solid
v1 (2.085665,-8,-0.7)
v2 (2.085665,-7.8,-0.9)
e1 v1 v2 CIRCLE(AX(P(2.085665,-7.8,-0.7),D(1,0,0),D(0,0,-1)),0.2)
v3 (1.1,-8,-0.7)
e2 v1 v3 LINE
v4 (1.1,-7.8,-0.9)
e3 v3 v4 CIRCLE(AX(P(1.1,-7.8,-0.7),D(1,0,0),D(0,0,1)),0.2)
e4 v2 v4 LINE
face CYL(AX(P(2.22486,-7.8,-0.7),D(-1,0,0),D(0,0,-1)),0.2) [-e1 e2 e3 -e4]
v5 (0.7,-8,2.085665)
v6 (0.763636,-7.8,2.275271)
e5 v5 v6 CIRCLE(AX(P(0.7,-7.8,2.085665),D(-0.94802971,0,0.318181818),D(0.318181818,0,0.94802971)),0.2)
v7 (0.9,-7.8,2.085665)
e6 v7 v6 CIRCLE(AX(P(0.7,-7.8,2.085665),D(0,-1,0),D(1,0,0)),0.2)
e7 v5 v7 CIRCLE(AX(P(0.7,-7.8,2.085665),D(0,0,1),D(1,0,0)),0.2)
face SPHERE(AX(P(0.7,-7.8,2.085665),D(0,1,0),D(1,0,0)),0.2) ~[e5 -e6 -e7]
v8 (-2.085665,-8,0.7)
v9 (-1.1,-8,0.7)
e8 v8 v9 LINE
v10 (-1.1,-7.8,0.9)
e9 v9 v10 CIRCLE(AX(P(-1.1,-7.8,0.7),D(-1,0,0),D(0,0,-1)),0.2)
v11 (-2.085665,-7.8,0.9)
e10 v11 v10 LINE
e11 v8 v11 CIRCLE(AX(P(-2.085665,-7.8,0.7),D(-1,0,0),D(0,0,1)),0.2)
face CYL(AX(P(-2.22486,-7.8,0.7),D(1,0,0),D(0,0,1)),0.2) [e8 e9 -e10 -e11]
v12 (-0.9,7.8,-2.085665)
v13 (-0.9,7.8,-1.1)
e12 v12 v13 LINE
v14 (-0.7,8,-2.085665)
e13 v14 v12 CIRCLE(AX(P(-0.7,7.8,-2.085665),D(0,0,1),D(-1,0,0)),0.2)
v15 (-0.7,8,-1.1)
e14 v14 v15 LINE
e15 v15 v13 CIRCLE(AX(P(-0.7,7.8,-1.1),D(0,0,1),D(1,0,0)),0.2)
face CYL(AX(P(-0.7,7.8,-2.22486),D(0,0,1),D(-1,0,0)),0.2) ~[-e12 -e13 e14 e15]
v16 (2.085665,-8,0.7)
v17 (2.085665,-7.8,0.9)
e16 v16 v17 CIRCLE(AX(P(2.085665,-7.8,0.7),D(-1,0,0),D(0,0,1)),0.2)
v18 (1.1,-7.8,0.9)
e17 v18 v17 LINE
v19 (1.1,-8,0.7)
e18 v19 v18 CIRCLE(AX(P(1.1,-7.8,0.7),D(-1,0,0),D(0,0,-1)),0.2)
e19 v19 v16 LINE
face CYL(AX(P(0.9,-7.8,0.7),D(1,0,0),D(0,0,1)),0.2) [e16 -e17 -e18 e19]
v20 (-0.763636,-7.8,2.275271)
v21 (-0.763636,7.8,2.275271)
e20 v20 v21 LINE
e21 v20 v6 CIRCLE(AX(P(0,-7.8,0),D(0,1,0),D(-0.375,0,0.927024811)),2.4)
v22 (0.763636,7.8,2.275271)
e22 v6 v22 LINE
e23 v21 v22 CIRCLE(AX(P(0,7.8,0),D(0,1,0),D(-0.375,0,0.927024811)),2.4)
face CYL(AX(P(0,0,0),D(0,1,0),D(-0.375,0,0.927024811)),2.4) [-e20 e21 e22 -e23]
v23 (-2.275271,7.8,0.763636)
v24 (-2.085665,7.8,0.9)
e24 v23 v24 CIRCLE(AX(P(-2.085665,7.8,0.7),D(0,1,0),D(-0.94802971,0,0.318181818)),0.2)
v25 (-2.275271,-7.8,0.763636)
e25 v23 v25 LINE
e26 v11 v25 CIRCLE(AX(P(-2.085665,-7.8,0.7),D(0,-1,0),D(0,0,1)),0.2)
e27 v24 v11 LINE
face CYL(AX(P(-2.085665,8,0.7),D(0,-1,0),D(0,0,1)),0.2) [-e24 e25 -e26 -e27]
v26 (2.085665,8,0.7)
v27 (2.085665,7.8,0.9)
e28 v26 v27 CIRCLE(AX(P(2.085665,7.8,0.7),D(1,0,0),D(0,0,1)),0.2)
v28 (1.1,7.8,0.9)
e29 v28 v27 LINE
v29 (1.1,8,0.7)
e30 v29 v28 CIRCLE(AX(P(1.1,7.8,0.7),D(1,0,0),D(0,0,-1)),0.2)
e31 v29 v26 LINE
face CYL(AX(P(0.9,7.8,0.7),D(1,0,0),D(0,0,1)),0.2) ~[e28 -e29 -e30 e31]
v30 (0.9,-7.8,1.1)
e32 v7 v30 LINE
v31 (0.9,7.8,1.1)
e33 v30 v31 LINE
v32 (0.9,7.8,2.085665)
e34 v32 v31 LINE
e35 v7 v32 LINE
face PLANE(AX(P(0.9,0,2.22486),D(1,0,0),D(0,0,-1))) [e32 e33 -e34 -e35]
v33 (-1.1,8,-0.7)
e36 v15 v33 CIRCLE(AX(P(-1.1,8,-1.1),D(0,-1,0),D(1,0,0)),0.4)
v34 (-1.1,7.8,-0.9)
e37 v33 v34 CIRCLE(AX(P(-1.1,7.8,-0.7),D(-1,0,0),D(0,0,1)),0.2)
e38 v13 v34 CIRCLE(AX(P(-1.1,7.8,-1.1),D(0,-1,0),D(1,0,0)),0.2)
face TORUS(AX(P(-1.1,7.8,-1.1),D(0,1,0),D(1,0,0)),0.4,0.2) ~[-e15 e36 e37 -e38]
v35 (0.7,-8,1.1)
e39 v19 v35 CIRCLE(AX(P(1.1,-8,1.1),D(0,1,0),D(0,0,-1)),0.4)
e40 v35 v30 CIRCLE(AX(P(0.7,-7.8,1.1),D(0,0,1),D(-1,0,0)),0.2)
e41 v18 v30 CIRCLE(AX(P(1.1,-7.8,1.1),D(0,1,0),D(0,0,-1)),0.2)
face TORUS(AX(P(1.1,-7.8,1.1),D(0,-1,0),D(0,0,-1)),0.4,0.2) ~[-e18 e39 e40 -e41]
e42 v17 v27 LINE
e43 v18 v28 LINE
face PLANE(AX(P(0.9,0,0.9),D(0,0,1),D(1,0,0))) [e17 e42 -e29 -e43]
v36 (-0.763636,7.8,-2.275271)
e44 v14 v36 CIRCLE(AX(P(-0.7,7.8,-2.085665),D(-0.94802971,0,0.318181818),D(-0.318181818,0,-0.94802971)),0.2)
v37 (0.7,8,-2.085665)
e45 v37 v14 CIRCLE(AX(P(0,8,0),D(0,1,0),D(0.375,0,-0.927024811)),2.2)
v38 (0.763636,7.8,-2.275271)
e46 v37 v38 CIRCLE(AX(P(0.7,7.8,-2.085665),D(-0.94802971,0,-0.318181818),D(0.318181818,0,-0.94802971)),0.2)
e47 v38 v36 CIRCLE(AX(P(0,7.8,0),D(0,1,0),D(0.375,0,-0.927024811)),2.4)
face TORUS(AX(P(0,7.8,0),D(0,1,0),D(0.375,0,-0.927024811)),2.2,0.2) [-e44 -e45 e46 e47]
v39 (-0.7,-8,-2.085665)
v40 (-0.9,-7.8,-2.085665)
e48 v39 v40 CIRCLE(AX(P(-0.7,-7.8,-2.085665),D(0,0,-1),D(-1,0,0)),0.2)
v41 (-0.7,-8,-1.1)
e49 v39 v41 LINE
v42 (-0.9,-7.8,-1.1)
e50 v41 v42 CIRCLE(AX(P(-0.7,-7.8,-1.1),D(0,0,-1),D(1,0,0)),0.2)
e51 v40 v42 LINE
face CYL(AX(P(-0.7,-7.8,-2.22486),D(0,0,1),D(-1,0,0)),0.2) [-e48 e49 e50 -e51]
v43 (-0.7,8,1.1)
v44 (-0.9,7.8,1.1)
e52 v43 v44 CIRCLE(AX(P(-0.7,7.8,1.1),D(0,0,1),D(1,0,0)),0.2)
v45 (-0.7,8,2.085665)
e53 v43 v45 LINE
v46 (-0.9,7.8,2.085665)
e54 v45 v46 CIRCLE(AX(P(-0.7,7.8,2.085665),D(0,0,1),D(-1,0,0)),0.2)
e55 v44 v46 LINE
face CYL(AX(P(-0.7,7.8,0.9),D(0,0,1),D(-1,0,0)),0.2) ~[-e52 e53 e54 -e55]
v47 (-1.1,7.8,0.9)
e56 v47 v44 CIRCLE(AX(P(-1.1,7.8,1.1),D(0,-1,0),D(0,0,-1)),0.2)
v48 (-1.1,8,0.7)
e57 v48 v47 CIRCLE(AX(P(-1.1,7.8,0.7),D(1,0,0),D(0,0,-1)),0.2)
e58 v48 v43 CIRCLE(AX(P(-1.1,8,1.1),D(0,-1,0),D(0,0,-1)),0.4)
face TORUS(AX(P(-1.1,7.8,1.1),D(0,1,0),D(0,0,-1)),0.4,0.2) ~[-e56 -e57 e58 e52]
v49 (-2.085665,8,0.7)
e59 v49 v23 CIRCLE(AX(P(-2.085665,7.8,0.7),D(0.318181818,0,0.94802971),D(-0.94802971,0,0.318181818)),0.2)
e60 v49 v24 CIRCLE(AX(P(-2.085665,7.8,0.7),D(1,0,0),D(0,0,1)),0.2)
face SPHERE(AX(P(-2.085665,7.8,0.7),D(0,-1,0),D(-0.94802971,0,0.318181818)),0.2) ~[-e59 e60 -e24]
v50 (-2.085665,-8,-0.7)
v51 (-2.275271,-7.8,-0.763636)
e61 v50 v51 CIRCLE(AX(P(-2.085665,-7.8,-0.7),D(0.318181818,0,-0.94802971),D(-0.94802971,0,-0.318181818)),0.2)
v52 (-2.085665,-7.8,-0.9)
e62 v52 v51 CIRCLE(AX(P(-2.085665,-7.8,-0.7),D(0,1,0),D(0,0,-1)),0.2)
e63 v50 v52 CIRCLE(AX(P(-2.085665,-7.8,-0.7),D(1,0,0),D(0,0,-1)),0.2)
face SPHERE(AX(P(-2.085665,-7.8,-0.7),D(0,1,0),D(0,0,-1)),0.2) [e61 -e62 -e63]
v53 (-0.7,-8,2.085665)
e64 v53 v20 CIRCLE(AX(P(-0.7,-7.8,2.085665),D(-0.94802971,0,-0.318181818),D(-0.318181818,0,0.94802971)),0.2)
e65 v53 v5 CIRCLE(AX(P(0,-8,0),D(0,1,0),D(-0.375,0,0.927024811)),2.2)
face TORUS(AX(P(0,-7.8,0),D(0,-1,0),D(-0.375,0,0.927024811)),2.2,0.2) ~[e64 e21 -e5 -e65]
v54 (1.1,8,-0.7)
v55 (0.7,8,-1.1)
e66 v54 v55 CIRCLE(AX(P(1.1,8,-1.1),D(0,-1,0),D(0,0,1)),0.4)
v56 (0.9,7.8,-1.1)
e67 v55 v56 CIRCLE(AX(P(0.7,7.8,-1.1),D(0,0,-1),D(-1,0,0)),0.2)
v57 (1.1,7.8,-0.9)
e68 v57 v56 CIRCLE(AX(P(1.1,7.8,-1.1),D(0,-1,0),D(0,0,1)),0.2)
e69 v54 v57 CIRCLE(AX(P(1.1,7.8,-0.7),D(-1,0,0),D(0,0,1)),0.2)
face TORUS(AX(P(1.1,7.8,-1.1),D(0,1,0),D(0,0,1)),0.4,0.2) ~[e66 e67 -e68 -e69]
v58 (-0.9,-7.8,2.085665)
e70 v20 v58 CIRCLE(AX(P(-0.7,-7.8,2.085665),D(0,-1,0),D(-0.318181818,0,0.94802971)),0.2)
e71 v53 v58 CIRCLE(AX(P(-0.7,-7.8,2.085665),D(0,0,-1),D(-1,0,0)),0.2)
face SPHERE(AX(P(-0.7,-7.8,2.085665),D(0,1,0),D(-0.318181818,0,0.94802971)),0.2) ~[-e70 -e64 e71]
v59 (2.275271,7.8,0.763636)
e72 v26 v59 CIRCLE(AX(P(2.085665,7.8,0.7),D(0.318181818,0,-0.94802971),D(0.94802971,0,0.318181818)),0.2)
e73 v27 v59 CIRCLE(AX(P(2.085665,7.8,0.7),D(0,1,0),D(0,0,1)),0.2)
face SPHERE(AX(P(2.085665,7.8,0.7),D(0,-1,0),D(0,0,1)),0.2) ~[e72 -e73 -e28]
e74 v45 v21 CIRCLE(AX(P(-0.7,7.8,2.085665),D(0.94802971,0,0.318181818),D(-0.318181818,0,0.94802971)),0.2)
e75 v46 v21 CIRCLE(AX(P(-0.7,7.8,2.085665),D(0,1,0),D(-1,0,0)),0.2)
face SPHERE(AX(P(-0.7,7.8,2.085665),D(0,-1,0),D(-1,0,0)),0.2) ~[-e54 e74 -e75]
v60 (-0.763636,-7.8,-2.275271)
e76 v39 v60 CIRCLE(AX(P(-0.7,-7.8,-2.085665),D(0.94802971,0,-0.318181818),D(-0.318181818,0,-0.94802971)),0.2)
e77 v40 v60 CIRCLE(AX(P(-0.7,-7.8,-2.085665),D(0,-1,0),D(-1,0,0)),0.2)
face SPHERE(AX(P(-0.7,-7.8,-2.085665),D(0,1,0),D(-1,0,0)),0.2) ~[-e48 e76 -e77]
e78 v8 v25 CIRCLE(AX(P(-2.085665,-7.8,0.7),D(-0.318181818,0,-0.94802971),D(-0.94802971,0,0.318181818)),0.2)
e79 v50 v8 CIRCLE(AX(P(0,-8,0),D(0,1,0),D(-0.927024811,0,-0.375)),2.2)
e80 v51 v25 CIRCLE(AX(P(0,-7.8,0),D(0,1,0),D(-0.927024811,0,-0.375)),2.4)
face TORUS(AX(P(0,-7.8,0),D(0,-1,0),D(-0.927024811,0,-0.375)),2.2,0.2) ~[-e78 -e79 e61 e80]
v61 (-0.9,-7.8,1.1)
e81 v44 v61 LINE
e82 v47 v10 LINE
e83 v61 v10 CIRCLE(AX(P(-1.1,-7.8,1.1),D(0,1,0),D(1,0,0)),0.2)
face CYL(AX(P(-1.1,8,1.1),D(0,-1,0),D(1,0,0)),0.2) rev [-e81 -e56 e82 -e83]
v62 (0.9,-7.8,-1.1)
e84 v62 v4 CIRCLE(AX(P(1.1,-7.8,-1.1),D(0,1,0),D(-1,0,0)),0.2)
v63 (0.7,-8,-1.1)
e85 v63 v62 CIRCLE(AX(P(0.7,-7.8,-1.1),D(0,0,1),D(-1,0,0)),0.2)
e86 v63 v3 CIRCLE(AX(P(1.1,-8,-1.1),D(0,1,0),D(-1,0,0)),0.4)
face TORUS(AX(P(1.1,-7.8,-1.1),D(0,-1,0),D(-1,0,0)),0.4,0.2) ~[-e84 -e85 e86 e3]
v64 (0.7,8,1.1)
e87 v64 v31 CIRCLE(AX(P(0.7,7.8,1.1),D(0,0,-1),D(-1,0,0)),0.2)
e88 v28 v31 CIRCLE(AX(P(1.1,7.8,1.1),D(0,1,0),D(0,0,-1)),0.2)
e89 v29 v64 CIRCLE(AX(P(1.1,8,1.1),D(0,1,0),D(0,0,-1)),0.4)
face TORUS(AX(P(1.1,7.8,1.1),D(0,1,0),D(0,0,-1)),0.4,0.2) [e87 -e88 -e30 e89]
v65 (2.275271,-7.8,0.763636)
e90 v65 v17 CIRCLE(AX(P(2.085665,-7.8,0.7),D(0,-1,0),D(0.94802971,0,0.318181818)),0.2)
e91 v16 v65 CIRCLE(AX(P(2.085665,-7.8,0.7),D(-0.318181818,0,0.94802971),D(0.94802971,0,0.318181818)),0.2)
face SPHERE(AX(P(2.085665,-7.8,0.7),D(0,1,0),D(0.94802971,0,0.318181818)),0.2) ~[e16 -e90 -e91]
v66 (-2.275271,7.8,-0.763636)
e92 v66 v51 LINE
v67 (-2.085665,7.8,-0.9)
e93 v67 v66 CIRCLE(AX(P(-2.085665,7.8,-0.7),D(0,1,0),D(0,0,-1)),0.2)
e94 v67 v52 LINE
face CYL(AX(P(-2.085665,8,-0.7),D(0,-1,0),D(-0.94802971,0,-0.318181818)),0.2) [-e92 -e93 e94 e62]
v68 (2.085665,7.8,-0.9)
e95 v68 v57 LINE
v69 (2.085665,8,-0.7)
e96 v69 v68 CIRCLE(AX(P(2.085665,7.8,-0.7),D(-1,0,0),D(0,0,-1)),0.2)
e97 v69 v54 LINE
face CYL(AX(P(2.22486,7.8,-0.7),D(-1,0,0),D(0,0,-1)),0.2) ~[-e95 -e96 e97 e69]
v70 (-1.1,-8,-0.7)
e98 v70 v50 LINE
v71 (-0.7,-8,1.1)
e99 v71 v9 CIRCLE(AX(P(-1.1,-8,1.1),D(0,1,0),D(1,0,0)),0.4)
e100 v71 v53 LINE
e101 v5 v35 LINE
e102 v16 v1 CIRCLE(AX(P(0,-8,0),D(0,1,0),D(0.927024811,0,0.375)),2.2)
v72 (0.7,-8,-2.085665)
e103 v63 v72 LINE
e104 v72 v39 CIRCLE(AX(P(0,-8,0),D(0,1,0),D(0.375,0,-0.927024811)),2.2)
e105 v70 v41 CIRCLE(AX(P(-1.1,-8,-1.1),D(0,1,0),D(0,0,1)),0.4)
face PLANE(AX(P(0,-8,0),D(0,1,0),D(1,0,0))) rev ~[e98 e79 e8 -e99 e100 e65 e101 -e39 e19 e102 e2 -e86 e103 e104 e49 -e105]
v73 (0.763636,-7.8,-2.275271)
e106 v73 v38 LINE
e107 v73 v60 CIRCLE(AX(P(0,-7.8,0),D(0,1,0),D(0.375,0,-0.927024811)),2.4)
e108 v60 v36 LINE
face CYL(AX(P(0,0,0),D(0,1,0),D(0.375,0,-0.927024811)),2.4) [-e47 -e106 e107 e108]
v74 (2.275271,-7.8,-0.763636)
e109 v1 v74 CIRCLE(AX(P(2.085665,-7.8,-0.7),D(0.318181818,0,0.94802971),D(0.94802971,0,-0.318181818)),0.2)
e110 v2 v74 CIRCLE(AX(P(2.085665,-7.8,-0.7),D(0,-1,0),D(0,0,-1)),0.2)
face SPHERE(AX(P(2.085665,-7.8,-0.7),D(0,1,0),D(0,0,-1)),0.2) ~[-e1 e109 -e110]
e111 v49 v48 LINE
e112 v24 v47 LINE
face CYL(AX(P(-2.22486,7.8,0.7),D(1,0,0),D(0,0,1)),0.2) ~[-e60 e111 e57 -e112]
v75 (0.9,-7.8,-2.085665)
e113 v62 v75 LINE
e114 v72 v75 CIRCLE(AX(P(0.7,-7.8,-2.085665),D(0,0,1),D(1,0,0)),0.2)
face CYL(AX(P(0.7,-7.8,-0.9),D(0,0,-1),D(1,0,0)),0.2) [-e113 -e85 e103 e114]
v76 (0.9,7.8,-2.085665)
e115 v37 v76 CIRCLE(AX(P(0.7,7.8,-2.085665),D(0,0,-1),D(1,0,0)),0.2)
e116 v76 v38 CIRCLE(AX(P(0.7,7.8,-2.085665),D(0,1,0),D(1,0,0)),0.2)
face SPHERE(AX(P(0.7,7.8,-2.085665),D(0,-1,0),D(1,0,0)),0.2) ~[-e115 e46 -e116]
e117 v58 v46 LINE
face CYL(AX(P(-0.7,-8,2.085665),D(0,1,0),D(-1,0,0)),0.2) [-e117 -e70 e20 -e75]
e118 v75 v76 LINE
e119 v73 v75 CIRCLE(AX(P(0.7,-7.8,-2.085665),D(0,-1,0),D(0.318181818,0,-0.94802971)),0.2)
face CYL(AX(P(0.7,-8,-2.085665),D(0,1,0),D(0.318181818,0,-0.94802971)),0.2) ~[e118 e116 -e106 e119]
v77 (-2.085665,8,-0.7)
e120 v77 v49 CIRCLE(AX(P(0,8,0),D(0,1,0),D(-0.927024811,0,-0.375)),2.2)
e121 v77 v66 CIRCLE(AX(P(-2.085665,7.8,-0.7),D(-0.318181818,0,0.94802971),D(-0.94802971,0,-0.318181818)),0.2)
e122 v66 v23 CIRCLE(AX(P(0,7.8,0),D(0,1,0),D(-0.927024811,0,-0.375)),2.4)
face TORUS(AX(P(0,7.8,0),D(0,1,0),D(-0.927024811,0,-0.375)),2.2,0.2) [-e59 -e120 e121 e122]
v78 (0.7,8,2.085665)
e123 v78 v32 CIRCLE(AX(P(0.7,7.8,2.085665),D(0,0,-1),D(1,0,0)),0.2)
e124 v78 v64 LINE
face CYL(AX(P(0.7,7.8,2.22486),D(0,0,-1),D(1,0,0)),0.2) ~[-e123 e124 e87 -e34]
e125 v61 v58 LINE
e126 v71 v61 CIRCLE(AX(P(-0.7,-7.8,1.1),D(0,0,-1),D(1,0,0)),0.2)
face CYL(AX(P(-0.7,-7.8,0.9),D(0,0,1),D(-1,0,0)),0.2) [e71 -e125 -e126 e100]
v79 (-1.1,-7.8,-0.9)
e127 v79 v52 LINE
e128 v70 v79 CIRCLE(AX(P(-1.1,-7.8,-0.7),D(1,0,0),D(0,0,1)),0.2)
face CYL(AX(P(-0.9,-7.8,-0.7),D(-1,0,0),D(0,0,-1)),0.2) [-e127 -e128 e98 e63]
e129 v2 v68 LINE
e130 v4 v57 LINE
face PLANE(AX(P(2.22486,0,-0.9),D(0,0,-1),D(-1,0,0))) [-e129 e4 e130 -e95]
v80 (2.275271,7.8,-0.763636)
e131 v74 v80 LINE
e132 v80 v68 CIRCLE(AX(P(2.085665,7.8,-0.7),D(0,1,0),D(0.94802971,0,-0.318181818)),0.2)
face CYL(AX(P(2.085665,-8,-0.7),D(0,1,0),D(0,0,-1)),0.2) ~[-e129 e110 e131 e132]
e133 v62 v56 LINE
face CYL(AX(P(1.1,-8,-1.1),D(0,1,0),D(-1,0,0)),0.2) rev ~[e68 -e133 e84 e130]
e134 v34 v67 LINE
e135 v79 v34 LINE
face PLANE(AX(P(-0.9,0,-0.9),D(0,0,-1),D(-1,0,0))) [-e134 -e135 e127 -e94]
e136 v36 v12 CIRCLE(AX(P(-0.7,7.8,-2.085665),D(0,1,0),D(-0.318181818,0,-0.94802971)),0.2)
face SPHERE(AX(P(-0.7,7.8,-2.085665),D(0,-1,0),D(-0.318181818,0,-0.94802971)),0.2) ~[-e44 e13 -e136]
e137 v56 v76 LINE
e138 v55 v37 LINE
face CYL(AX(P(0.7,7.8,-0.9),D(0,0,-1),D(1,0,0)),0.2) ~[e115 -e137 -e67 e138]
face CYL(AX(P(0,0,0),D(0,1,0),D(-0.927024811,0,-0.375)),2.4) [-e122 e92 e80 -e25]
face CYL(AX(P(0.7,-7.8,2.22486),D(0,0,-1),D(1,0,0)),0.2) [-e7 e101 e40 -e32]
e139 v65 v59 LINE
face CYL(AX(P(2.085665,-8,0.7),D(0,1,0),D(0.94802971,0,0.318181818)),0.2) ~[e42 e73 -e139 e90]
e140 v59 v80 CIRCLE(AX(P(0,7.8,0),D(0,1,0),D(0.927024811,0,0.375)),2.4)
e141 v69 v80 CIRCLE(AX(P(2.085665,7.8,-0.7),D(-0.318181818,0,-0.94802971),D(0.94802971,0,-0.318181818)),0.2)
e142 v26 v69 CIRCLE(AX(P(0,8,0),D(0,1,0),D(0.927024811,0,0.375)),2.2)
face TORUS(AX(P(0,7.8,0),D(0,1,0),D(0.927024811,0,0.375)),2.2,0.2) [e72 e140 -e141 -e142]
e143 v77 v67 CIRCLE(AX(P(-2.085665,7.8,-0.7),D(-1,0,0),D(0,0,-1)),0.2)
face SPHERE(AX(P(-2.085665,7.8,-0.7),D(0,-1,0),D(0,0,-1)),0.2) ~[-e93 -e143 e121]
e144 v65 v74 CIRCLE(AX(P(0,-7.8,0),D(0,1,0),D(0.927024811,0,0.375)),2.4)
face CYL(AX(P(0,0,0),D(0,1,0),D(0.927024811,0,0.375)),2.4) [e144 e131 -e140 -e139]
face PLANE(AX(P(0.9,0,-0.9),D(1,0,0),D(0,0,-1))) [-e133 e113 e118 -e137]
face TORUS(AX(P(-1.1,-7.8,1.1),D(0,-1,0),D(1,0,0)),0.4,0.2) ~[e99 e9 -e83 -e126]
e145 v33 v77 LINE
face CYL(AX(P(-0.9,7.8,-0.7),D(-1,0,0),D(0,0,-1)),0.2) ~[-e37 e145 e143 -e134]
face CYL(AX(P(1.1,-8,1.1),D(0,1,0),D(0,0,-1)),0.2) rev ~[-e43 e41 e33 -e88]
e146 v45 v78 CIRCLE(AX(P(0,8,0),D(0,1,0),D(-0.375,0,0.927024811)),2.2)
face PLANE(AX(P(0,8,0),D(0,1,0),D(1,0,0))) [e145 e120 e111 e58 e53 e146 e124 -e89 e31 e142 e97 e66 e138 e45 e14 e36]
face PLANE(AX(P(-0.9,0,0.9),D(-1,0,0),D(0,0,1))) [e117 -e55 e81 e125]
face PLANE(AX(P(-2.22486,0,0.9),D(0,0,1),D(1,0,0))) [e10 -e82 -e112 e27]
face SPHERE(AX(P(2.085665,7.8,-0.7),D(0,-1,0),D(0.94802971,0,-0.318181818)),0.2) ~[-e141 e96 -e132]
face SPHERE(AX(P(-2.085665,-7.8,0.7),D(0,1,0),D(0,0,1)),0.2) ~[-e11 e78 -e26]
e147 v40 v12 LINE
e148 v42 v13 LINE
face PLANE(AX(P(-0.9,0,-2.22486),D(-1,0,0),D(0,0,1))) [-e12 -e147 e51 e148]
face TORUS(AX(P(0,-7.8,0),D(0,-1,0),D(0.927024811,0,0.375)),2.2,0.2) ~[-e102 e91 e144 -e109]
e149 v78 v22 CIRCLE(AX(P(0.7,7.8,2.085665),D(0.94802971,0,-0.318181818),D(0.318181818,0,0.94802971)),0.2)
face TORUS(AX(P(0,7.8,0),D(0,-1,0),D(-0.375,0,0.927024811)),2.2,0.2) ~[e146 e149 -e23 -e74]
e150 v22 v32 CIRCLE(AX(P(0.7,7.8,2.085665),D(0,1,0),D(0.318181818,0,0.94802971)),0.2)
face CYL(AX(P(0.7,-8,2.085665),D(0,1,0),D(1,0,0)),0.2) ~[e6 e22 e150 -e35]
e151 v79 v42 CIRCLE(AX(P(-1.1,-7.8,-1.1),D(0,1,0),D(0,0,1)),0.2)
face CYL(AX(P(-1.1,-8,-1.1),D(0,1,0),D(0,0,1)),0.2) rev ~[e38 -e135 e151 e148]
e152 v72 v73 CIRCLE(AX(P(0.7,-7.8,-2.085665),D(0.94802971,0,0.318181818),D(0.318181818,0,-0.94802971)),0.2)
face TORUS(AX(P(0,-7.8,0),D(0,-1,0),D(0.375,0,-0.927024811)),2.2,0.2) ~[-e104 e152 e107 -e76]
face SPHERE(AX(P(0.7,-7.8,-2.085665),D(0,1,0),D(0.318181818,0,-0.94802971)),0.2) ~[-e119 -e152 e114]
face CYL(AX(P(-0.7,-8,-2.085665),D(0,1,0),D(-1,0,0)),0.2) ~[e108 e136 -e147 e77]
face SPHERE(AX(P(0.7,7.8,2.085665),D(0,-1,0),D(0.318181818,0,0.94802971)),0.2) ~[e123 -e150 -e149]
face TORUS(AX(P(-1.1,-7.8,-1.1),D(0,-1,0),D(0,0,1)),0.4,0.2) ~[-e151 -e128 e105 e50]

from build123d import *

# Parameters (mm, degrees)
BOSS_EXTRUDE1_DEPTH = 8
FILLET3_R           = 0.2


with BuildPart() as part:
    # Sketch1 → Boss-Extrude1 (new, symmetric)
    with BuildSketch(Plane(origin=(0, 0, 0), x_dir=(1, 0, 0), z_dir=(0, 1, 0))):
        with BuildLine():
            Line((-0.9, -0.9), (-0.9, -2.224859546))
            ThreePointArc((-0.9, -2.224859546), (0, -2.4), (0.9, -2.224859546))
            Line((0.9, -2.224859546), (0.9, -0.9))
            Line((0.9, -0.9), (2.224859546, -0.9))
            ThreePointArc((2.224859546, -0.9), (2.4, 0), (2.224859546, 0.9))
            Line((2.224859546, 0.9), (0.9, 0.9))
            Line((0.9, 0.9), (0.9, 2.224859546))
            ThreePointArc((0.9, 2.224859546), (0, 2.4), (-0.9, 2.224859546))
            Line((-0.9, 2.224859546), (-0.9, 0.9))
            Line((-0.9, 0.9), (-2.224859546, 0.9))
            ThreePointArc((-2.224859546, 0.9), (-2.4, 0), (-2.224859546, -0.9))
            Line((-2.224859546, -0.9), (-0.9, -0.9))
        make_face()
    extrude(amount=BOSS_EXTRUDE1_DEPTH, both=True)

    # Fillet3
    fillet3_edges = [part.edges().sort_by_distance(p)[0] for p in [
        (-1.562429773, -8, -0.9),
        (-0.9, -8, -1.562429773),
        (-0.9, 8, 1.562429773),
        (0, -8, -2.4),
        (0.9, -8, -1.562429773),
        (1.562429773, -8, -0.9),
        (2.4, -8, 0),
        (1.562429773, -8, 0.9),
        (0.9, -8, 1.562429773),
        (0, -8, 2.4),
        (-0.9, -8, 1.562429773),
        (-1.562429773, -8, 0.9),
        (-2.4, -8, 0),
        (0, 8, 2.4),
        (-2.224859546, 0, -0.9),
        (-0.9, 0, -0.9),
        (-0.9, 0, -2.224859546),
        (0.9, 8, 1.562429773),
        (0.9, 0, -2.224859546),
        (0.9, 0, -0.9),
        (2.224859546, 0, -0.9),
        (2.224859546, 0, 0.9),
        (0.9, 0, 0.9),
        (0.9, 0, 2.224859546),
        (-0.9, 0, 2.224859546),
        (-0.9, 0, 0.9),
        (-2.224859546, 0, 0.9),
        (1.562429773, 8, 0.9),
        (2.4, 8, 0),
        (1.562429773, 8, -0.9),
        (0.9, 8, -1.562429773),
        (0, 8, -2.4),
        (-0.9, 8, -1.562429773),
        (-1.562429773, 8, -0.9),
        (-2.4, 8, 0),
        (-1.562429773, 8, 0.9),
    ]]
    fillet(fillet3_edges, radius=FILLET3_R)


solid = part.part
